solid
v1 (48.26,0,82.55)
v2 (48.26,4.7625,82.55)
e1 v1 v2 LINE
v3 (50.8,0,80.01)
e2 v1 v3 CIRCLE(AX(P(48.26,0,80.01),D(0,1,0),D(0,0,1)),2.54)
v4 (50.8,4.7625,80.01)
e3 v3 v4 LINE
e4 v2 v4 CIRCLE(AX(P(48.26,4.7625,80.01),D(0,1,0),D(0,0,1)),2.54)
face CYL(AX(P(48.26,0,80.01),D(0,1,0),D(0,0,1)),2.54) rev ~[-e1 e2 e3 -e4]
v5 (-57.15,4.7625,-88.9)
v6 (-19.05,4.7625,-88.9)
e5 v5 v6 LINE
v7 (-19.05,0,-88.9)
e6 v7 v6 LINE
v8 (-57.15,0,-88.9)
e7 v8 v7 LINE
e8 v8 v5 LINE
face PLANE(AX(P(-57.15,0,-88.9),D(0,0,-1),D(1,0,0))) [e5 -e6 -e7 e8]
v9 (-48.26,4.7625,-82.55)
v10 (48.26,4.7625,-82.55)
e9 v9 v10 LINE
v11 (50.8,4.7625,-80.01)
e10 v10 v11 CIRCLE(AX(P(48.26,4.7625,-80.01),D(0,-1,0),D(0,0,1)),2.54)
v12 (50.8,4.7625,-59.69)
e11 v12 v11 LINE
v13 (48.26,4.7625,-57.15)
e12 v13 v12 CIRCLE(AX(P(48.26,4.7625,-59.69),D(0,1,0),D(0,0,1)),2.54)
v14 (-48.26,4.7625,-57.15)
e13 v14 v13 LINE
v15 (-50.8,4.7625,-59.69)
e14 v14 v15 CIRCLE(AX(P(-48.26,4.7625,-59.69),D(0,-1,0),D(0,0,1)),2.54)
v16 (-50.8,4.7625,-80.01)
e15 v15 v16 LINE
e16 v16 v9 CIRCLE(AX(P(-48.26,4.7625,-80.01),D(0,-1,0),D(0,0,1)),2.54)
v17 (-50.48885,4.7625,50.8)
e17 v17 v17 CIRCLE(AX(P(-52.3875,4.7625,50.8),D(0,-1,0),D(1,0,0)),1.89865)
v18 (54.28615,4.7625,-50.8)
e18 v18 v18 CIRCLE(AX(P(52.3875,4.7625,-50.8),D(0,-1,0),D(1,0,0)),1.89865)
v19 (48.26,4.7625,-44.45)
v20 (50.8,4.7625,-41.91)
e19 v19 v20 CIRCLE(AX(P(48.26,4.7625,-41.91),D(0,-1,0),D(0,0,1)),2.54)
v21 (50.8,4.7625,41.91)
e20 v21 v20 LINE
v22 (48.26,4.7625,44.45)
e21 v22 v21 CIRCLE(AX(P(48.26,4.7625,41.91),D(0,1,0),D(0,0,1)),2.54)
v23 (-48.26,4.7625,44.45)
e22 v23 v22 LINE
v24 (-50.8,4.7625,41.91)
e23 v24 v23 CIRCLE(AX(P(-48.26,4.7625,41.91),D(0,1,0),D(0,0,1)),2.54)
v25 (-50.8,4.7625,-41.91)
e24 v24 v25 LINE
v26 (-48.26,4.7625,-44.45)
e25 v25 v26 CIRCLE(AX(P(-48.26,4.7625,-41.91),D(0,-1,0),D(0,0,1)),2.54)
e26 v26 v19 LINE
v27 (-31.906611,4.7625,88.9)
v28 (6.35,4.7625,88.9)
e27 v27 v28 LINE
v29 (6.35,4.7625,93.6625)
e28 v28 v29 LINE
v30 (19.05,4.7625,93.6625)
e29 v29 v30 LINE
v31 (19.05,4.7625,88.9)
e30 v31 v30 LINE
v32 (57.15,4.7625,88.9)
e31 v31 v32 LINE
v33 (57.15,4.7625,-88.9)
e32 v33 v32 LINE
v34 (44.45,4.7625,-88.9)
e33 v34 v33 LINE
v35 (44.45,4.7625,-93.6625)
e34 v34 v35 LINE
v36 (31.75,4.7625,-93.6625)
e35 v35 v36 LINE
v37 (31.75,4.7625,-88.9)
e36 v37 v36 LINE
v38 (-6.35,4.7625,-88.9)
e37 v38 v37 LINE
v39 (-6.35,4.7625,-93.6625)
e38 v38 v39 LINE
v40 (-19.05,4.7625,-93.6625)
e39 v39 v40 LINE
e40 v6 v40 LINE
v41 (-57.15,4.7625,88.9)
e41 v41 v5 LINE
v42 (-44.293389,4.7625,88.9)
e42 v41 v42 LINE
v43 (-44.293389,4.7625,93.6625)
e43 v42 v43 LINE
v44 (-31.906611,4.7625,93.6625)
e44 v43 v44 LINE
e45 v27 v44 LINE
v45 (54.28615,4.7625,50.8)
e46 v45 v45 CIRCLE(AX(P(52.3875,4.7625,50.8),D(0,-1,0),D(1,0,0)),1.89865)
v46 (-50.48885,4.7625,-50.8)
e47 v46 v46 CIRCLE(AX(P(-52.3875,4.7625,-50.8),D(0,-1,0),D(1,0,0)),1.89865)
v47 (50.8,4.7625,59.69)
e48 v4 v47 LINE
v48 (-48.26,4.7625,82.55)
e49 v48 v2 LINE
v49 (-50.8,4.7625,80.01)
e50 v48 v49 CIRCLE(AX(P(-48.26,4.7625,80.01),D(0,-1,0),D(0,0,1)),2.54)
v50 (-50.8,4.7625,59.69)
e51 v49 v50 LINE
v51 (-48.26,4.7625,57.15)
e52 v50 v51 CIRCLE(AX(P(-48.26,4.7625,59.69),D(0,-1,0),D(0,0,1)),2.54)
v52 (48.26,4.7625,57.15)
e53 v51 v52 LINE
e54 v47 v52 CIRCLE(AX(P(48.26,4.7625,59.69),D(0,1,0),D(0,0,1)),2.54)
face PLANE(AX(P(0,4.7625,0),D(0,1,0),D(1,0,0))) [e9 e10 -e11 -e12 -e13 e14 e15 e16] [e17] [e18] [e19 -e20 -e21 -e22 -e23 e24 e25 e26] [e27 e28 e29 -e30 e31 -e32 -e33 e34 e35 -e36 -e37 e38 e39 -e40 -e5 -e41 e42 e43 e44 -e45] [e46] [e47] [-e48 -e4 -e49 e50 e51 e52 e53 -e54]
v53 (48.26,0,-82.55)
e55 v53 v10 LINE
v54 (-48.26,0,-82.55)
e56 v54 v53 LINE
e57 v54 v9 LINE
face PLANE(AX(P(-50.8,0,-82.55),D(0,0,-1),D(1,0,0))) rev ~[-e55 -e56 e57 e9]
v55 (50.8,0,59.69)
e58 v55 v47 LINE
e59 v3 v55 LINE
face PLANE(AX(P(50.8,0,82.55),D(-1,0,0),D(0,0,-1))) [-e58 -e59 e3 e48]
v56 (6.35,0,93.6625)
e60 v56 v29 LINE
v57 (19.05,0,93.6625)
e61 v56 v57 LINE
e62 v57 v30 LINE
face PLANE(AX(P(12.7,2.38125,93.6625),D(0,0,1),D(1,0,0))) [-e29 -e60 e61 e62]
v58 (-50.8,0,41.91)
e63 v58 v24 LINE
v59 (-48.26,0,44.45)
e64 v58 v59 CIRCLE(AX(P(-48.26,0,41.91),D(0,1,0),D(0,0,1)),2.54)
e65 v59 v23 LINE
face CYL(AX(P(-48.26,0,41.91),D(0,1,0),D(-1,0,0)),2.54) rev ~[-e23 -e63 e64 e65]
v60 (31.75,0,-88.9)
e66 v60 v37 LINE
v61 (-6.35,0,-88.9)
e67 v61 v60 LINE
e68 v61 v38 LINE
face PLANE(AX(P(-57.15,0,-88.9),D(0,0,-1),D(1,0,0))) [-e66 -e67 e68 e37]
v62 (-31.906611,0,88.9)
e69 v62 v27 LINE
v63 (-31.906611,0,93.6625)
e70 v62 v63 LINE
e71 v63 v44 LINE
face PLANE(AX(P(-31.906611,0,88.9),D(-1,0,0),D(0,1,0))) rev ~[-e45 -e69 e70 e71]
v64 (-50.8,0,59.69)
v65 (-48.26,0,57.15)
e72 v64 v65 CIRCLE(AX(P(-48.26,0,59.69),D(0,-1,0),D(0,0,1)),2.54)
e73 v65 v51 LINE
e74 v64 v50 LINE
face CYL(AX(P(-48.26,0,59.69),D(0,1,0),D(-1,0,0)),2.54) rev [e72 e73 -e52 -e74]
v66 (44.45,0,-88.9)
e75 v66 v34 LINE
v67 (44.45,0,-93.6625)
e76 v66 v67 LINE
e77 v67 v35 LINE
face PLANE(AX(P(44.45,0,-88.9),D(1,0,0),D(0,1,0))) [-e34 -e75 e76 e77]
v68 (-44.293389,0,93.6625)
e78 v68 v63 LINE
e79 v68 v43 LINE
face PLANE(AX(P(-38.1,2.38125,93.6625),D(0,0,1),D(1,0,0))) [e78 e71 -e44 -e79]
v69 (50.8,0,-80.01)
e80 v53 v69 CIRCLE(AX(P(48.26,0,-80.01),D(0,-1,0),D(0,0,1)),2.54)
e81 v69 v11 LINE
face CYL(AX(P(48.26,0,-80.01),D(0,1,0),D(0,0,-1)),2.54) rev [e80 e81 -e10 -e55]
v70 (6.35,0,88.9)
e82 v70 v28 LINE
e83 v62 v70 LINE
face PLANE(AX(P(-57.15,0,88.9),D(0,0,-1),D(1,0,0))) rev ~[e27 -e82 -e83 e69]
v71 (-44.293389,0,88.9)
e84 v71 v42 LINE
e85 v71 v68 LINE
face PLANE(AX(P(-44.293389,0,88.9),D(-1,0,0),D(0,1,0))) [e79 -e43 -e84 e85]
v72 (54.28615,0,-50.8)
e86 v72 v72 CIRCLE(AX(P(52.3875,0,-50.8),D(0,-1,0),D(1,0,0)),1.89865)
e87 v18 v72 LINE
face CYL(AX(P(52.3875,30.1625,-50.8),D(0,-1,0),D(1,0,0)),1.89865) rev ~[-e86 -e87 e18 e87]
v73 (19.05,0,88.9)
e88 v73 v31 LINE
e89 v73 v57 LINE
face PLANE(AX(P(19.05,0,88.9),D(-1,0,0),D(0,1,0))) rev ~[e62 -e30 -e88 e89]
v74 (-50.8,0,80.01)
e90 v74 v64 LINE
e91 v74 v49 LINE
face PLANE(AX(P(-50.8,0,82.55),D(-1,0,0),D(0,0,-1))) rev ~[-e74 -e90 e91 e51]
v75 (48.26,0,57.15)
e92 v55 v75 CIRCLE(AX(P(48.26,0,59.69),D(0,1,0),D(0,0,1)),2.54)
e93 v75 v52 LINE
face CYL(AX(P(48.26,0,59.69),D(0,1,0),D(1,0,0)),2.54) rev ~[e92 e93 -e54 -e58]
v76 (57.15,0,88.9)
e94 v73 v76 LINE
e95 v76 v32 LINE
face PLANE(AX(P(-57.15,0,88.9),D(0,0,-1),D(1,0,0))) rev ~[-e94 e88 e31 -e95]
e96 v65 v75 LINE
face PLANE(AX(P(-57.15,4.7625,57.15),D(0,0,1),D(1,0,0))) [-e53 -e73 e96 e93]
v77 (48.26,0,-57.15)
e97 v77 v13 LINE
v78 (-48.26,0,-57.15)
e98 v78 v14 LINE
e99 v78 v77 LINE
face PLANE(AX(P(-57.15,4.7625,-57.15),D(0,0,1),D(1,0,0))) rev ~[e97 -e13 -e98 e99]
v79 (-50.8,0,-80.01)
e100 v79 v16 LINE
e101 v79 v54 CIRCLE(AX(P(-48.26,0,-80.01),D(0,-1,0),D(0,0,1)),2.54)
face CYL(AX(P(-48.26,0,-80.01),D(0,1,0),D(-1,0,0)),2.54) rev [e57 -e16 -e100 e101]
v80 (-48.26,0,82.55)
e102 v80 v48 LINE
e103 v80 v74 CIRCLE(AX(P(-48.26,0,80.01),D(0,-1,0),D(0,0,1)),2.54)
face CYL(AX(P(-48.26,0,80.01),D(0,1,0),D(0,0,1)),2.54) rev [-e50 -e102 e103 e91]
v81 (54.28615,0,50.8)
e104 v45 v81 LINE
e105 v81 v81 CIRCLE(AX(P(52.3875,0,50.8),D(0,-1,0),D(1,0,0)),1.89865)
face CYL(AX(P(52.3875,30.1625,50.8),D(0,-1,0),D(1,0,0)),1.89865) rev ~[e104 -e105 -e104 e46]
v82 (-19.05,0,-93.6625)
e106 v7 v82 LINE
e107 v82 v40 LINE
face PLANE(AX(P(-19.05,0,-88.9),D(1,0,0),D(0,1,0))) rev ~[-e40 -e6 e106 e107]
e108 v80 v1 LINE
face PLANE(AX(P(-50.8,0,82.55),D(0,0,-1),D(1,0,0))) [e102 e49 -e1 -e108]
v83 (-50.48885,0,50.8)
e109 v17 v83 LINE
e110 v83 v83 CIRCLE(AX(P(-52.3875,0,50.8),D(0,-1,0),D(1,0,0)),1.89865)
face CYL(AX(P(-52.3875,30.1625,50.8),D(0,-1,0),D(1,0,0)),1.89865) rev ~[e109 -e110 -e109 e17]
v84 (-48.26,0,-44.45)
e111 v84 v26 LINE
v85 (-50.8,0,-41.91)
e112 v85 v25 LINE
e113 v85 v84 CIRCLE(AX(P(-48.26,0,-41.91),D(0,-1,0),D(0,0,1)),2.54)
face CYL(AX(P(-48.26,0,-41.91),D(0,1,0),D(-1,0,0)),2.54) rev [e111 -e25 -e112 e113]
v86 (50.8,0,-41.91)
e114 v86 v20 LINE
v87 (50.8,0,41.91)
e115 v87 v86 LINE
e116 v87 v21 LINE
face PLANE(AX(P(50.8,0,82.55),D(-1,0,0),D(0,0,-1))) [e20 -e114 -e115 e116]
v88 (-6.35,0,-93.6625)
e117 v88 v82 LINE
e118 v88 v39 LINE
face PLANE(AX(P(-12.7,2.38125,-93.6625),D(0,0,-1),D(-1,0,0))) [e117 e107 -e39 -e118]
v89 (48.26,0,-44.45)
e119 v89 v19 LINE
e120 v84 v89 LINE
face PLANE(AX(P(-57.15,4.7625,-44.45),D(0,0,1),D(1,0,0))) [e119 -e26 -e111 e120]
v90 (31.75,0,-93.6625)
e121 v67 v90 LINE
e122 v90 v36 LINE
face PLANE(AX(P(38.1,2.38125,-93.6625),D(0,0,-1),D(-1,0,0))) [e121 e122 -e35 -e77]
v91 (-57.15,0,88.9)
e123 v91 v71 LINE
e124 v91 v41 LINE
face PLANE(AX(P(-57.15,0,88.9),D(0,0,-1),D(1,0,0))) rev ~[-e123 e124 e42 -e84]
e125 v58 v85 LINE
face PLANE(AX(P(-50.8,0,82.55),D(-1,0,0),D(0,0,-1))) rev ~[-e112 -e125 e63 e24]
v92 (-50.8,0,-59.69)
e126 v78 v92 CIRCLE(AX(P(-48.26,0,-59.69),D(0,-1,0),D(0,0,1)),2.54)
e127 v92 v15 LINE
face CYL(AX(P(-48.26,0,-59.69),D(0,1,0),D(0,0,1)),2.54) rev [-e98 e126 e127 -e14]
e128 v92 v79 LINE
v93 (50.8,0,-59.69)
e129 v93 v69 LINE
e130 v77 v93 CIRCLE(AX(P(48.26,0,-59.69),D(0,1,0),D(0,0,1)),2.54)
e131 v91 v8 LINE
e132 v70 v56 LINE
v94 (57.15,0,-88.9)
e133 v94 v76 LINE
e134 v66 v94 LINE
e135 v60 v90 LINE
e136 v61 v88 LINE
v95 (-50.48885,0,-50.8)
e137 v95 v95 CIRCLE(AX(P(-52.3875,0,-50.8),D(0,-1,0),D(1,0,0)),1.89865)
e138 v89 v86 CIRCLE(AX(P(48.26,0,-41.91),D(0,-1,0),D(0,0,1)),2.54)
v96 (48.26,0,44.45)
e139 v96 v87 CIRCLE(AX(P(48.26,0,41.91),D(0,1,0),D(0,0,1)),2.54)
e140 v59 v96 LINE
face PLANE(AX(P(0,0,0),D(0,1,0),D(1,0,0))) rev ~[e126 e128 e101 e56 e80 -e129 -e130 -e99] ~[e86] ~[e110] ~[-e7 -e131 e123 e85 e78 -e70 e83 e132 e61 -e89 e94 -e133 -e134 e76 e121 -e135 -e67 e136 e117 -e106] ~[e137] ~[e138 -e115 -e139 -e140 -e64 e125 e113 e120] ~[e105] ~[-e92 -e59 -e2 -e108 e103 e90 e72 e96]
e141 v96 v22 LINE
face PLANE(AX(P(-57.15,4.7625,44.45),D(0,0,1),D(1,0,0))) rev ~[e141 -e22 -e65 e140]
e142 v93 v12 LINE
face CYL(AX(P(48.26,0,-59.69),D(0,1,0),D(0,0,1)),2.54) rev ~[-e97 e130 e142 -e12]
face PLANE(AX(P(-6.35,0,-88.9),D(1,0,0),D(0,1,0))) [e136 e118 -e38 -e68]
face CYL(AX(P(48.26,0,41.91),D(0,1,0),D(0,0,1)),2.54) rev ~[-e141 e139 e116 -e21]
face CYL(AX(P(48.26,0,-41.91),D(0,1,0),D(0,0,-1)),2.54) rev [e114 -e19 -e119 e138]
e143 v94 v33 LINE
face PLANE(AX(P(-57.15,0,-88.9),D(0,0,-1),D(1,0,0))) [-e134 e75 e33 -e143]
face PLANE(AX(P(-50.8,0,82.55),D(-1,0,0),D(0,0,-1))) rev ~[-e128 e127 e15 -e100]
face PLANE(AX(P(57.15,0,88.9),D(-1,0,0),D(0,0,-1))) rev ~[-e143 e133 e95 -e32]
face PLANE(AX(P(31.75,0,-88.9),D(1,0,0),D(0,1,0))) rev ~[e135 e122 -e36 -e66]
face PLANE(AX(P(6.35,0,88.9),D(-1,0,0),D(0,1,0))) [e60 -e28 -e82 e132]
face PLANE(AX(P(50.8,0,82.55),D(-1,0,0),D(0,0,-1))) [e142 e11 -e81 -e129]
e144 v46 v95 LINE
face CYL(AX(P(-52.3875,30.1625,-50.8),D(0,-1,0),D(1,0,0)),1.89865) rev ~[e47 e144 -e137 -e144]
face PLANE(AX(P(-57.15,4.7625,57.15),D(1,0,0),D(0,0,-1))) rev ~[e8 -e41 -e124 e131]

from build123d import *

# Parameters (mm, degrees)
SKETCH1_W                 = 114.3
SKETCH1_H                 = 177.8
SKETCH1_W_2               = 101.6
SKETCH1_H_2               = 165.1
BOSS_EXTRUDE1_DEPTH       = 4.7625
SKETCH2_W                 = 12.38677804
SKETCH2_H                 = 4.7625
SKETCH2_W_2               = 12.7
BOSS_EXTRUDE2_DEPTH       = 4.7625
SKETCH3_W                 = 12.7
SKETCH3_H                 = 4.7625
BOSS_EXTRUDE3_DEPTH       = 4.7625
FILLET1_R                 = 2.54
SKETCH4_W                 = 114.3
SKETCH4_H                 = 12.7
BOSS_EXTRUDE4_DEPTH       = 4.7625
F_6_CLEARANCE_HOLE1_D     = 3.7973
F_6_CLEARANCE_HOLE1_DEPTH = 25.4
F_6_CLEARANCE_HOLE1_TIP   = 1.140824014
FILLET2_R                 = 2.54


with BuildPart() as part:
    # Sketch1 → Boss-Extrude1 (new body)
    with BuildSketch(Plane(origin=(0, 0, 0), x_dir=(1, 0, 0), z_dir=(0, 1, 0))):
        Rectangle(SKETCH1_W, SKETCH1_H)
        Rectangle(SKETCH1_W_2, SKETCH1_H_2, mode=Mode.SUBTRACT)
    extrude(amount=BOSS_EXTRUDE1_DEPTH)

    # Sketch2 → Boss-Extrude2 (add)
    with BuildSketch(Plane.XY.offset(88.9)):
        with Locations((-38.1, 2.38125)):
            Rectangle(SKETCH2_W, SKETCH2_H)
        with Locations((12.7, 2.38125)):
            Rectangle(SKETCH2_W_2, SKETCH2_H)
    extrude(amount=BOSS_EXTRUDE2_DEPTH)

    # Sketch3 → Boss-Extrude3 (add)
    with BuildSketch(Plane(origin=(0, 0, -88.9), x_dir=(-1, 0, 0), z_dir=(0, 0, -1))):
        with Locations((-38.1, 2.38125)):
            Rectangle(SKETCH3_W, SKETCH3_H)
        with Locations((12.7, 2.38125)):
            Rectangle(SKETCH3_W, SKETCH3_H)
    extrude(amount=BOSS_EXTRUDE3_DEPTH)

    # Fillet1
    fillet1_edges = [part.edges().sort_by_distance(p)[0] for p in [
        (50.8, 2.38125, 82.55),
        (50.8, 2.38125, -82.55),
        (-50.8, 2.38125, -82.55),
        (-50.8, 2.38125, 82.55),
    ]]
    fillet(fillet1_edges, radius=FILLET1_R)

    # Sketch4 → Boss-Extrude4 (add)
    with BuildSketch(Plane(origin=(0, 4.7625, 0), x_dir=(1, 0, 0), z_dir=(0, 1, 0))):
        with Locations((0, -50.8)):
            Rectangle(SKETCH4_W, SKETCH4_H)
        with Locations((0, 50.8)):
            Rectangle(SKETCH4_W, SKETCH4_H)
    extrude(amount=-BOSS_EXTRUDE4_DEPTH)

    # #6 Clearance Hole1
    with Locations(Plane(origin=(0, 4.7625, 0), x_dir=(-1, 0, 0), z_dir=(0, 1, 0))):
        with Locations((52.3875, -50.8), (-52.3875, -50.8), (52.3875, 50.8), (-52.3875, 50.8)):
            Hole(F_6_CLEARANCE_HOLE1_D / 2, depth=F_6_CLEARANCE_HOLE1_DEPTH)
            with Locations((0, 0, -(F_6_CLEARANCE_HOLE1_DEPTH + F_6_CLEARANCE_HOLE1_TIP / 2))):  # 118° drill point
                Cone(0, F_6_CLEARANCE_HOLE1_D / 2, F_6_CLEARANCE_HOLE1_TIP, mode=Mode.SUBTRACT)

    # Fillet2
    fillet2_edges = [part.edges().sort_by_distance(p)[0] for p in [
        (-50.8, 2.38125, 57.15),
        (-50.8, 2.38125, 44.45),
        (50.8, 2.38125, 44.45),
        (50.8, 2.38125, 57.15),
        (50.8, 2.38125, -57.15),
        (-50.8, 2.38125, -57.15),
        (50.8, 2.38125, -44.45),
        (-50.8, 2.38125, -44.45),
    ]]
    fillet(fillet2_edges, radius=FILLET2_R)


solid = part.part
